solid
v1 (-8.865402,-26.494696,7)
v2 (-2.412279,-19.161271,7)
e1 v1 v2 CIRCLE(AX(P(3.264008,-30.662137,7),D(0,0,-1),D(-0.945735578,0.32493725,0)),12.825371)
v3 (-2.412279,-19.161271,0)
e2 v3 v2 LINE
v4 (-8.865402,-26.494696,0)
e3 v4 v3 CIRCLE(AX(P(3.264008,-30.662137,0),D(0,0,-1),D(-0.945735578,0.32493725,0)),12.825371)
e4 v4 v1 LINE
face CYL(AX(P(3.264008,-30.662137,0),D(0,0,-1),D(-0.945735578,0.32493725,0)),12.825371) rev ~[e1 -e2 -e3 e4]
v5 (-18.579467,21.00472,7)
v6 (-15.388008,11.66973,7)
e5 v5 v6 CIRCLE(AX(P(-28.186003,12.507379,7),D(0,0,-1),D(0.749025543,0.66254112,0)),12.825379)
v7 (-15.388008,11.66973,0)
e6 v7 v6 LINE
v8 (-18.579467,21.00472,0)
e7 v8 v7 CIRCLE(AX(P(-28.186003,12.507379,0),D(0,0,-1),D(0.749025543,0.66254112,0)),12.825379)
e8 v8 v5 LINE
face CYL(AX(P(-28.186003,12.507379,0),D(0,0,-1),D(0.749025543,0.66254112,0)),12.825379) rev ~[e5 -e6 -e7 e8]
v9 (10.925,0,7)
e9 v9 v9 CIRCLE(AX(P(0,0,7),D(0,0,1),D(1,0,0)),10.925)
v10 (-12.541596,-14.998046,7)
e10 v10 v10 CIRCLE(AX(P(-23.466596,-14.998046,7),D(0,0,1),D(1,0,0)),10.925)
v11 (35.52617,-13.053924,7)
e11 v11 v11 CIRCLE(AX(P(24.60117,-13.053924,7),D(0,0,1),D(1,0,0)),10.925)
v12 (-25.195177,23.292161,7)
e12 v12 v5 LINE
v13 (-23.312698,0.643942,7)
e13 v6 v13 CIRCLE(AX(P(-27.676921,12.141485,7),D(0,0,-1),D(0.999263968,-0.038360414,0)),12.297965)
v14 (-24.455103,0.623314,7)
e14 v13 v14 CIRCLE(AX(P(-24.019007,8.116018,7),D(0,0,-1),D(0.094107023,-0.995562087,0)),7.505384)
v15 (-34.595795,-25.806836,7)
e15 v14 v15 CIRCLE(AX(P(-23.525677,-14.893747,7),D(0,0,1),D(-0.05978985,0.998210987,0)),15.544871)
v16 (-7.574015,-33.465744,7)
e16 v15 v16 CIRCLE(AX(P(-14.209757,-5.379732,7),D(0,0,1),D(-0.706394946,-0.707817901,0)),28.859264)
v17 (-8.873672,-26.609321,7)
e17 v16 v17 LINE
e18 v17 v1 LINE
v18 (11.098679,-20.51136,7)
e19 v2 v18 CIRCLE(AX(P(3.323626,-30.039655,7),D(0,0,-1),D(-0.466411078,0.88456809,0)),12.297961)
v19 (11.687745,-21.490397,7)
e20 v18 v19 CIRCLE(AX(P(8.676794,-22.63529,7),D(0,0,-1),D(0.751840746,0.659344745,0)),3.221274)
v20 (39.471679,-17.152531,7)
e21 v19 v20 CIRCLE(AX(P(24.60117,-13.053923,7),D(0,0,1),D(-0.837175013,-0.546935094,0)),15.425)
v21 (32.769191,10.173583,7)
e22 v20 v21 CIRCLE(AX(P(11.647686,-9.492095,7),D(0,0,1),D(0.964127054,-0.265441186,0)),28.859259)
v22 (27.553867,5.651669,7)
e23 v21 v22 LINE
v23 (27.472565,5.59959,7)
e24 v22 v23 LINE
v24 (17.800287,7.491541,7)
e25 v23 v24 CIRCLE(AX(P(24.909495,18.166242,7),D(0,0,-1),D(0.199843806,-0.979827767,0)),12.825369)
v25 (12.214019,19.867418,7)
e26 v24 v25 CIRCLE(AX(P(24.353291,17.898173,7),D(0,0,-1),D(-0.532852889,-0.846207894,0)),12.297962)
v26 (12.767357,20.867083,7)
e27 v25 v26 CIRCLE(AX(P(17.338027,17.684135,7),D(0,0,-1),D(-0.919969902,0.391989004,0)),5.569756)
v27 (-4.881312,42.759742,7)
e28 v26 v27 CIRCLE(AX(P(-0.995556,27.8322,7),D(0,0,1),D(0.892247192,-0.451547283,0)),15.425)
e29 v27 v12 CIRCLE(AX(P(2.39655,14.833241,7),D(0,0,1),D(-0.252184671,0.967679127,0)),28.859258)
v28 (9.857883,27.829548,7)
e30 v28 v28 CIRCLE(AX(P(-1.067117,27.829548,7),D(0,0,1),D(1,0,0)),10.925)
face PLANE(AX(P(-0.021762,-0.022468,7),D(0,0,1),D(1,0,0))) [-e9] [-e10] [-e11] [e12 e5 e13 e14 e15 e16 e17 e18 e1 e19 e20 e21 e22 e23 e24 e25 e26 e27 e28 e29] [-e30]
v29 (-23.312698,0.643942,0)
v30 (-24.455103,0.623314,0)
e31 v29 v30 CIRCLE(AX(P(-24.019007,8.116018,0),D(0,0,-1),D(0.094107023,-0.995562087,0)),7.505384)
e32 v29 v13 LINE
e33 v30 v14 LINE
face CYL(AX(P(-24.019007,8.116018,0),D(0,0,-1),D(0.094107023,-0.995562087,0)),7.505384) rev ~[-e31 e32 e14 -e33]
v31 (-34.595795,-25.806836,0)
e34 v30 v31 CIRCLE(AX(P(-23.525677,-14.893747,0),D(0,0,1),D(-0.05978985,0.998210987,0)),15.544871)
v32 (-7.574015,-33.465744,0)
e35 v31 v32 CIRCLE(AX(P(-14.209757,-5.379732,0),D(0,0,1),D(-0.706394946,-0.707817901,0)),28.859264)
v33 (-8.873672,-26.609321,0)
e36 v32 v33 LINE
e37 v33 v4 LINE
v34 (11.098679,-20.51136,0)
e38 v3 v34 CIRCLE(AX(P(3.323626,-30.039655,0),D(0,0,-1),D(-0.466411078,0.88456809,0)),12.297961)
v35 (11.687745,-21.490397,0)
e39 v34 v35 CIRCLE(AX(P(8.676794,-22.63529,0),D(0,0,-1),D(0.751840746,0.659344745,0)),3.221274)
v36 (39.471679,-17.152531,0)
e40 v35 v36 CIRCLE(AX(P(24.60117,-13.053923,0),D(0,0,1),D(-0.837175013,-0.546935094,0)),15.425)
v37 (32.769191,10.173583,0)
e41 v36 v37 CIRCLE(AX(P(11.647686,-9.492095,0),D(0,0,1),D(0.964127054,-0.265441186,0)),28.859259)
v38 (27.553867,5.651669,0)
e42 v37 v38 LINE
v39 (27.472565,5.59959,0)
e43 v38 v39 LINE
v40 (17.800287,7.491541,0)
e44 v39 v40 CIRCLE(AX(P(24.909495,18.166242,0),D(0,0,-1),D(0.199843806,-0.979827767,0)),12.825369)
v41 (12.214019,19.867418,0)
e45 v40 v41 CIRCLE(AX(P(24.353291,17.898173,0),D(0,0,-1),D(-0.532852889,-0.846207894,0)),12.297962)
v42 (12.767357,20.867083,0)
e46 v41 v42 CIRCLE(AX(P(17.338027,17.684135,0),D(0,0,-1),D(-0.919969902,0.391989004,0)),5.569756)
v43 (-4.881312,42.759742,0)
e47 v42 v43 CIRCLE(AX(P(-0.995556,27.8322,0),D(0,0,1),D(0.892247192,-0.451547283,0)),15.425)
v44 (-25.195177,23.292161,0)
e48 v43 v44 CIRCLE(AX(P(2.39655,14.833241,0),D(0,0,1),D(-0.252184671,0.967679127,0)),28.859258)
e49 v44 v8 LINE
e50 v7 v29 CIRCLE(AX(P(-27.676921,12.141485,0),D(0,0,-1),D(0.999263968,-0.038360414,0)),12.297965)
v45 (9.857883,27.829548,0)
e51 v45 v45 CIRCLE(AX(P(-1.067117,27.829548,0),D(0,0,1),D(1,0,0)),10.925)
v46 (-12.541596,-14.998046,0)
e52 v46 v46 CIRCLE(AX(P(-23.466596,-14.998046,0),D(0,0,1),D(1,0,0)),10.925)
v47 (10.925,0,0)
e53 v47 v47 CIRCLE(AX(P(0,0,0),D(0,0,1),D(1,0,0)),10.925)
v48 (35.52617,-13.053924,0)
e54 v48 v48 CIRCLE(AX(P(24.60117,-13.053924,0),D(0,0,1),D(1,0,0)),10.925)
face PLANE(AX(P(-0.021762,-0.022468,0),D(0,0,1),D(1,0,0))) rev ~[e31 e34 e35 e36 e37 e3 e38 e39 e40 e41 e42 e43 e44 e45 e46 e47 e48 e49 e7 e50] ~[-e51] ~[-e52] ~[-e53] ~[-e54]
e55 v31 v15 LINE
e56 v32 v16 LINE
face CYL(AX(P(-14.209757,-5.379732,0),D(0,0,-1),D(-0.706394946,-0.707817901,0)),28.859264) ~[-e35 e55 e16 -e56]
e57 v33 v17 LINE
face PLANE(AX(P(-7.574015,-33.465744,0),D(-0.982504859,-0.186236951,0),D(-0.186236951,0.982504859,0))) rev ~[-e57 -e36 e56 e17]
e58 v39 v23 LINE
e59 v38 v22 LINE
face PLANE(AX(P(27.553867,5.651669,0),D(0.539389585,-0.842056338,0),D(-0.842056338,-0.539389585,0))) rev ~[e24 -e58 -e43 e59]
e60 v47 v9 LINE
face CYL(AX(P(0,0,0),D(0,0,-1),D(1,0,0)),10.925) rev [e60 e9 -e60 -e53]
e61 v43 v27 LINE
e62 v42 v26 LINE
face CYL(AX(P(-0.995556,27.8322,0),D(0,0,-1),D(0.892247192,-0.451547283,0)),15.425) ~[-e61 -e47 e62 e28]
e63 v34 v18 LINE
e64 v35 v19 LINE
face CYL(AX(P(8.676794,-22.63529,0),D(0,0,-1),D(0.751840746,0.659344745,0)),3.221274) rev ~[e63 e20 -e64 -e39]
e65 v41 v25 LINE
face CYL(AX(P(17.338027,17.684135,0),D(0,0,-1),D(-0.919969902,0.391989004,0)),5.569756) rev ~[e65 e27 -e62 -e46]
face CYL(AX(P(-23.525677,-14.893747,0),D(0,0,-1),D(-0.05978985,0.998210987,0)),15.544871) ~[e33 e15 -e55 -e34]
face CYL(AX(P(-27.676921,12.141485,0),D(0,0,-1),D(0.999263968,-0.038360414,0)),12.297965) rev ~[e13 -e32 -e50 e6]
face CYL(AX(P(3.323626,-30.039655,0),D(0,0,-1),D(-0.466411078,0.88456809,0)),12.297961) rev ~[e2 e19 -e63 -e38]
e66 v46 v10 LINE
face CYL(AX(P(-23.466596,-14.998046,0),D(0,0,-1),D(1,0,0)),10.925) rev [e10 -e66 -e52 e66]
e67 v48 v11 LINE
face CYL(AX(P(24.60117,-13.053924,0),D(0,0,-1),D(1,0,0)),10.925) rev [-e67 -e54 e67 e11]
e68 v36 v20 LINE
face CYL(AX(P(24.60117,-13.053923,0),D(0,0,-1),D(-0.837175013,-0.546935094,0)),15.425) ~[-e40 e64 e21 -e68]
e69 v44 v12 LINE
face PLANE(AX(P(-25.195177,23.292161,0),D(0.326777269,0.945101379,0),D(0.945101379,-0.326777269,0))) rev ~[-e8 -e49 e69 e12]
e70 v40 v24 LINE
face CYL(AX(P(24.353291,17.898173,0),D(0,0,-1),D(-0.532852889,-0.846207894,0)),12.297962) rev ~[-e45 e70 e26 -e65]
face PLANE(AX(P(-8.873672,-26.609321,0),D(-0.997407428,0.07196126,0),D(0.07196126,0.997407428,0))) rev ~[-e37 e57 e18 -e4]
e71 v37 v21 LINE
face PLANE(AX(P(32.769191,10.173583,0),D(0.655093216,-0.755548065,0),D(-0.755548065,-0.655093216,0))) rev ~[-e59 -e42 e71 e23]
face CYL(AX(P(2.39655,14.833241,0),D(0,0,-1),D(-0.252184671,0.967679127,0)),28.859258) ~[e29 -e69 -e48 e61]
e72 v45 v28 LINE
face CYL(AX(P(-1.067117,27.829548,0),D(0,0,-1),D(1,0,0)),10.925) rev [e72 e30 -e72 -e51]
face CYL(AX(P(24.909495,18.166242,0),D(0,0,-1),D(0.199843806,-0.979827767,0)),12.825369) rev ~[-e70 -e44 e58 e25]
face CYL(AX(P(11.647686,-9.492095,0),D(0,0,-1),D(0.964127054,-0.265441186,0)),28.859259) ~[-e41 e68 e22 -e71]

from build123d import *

# Parameters (mm, degrees)
F0_R     = 10.925
F1_DEPTH = 7


with BuildPart() as f1:
    # F0 (on Top) → F1 (new body)
    with BuildSketch(Plane.XY):
        with BuildLine():
            Line((-25.195177, 23.292161), (-18.579467, 21.00472))
            ThreePointArc((-18.579467, 21.00472), (-16.05026, 16.656364), (-15.388008, 11.66973))
            ThreePointArc((-15.388008, 11.66973), (-17.690744, 4.964006), (-23.312698, 0.643942))
            ThreePointArc((-23.312698, 0.643942), (-23.883507, 0.611857), (-24.455103, 0.623314))
            ThreePointArc((-24.455103, 0.623314), (-38.038963, -9.325304), (-34.595795, -25.806836))
            ThreePointArc((-34.595795, -25.806836), (-22.079469, -33.145264), (-7.574015, -33.465744))
            Line((-7.574015, -33.465744), (-8.873672, -26.609321))
            Line((-8.873672, -26.609321), (-8.865402, -26.494696))
            ThreePointArc((-8.865402, -26.494696), (-6.364361, -22.189554), (-2.412279, -19.161271))
            ThreePointArc((-2.412279, -19.161271), (4.546416, -17.802636), (11.098679, -20.51136))
            ThreePointArc((11.098679, -20.51136), (11.436967, -20.974552), (11.687745, -21.490397))
            ThreePointArc((11.687745, -21.490397), (26.980627, -28.294291), (39.471679, -17.152531))
            ThreePointArc((39.471679, -17.152531), (39.676146, -2.617337), (32.769191, 10.173583))
            Line((32.769191, 10.173583), (27.553867, 5.651669))
            Line((27.553867, 5.651669), (27.472565, 5.59959))
            ThreePointArc((27.472565, 5.59959), (22.447441, 5.579409), (17.800287, 7.491541))
            ThreePointArc((17.800287, 7.491541), (13.144327, 12.83863), (12.214019, 19.867418))
            ThreePointArc((12.214019, 19.867418), (12.464986, 20.381477), (12.767357, 20.867083))
            ThreePointArc((12.767357, 20.867083), (11.013261, 37.513054), (-4.881312, 42.759742))
            ThreePointArc((-4.881312, 42.759742), (-17.571393, 35.669219), (-25.195177, 23.292161))
        make_face()
        with Locations((-23.466596, -14.998046)):
            Circle(F0_R, mode=Mode.SUBTRACT)
        Circle(F0_R, mode=Mode.SUBTRACT)
        with Locations((24.60117, -13.053924)):
            Circle(F0_R, mode=Mode.SUBTRACT)
        with Locations((-1.067117, 27.829548)):
            Circle(F0_R, mode=Mode.SUBTRACT)
    extrude(amount=F1_DEPTH)


solid = f1.part
